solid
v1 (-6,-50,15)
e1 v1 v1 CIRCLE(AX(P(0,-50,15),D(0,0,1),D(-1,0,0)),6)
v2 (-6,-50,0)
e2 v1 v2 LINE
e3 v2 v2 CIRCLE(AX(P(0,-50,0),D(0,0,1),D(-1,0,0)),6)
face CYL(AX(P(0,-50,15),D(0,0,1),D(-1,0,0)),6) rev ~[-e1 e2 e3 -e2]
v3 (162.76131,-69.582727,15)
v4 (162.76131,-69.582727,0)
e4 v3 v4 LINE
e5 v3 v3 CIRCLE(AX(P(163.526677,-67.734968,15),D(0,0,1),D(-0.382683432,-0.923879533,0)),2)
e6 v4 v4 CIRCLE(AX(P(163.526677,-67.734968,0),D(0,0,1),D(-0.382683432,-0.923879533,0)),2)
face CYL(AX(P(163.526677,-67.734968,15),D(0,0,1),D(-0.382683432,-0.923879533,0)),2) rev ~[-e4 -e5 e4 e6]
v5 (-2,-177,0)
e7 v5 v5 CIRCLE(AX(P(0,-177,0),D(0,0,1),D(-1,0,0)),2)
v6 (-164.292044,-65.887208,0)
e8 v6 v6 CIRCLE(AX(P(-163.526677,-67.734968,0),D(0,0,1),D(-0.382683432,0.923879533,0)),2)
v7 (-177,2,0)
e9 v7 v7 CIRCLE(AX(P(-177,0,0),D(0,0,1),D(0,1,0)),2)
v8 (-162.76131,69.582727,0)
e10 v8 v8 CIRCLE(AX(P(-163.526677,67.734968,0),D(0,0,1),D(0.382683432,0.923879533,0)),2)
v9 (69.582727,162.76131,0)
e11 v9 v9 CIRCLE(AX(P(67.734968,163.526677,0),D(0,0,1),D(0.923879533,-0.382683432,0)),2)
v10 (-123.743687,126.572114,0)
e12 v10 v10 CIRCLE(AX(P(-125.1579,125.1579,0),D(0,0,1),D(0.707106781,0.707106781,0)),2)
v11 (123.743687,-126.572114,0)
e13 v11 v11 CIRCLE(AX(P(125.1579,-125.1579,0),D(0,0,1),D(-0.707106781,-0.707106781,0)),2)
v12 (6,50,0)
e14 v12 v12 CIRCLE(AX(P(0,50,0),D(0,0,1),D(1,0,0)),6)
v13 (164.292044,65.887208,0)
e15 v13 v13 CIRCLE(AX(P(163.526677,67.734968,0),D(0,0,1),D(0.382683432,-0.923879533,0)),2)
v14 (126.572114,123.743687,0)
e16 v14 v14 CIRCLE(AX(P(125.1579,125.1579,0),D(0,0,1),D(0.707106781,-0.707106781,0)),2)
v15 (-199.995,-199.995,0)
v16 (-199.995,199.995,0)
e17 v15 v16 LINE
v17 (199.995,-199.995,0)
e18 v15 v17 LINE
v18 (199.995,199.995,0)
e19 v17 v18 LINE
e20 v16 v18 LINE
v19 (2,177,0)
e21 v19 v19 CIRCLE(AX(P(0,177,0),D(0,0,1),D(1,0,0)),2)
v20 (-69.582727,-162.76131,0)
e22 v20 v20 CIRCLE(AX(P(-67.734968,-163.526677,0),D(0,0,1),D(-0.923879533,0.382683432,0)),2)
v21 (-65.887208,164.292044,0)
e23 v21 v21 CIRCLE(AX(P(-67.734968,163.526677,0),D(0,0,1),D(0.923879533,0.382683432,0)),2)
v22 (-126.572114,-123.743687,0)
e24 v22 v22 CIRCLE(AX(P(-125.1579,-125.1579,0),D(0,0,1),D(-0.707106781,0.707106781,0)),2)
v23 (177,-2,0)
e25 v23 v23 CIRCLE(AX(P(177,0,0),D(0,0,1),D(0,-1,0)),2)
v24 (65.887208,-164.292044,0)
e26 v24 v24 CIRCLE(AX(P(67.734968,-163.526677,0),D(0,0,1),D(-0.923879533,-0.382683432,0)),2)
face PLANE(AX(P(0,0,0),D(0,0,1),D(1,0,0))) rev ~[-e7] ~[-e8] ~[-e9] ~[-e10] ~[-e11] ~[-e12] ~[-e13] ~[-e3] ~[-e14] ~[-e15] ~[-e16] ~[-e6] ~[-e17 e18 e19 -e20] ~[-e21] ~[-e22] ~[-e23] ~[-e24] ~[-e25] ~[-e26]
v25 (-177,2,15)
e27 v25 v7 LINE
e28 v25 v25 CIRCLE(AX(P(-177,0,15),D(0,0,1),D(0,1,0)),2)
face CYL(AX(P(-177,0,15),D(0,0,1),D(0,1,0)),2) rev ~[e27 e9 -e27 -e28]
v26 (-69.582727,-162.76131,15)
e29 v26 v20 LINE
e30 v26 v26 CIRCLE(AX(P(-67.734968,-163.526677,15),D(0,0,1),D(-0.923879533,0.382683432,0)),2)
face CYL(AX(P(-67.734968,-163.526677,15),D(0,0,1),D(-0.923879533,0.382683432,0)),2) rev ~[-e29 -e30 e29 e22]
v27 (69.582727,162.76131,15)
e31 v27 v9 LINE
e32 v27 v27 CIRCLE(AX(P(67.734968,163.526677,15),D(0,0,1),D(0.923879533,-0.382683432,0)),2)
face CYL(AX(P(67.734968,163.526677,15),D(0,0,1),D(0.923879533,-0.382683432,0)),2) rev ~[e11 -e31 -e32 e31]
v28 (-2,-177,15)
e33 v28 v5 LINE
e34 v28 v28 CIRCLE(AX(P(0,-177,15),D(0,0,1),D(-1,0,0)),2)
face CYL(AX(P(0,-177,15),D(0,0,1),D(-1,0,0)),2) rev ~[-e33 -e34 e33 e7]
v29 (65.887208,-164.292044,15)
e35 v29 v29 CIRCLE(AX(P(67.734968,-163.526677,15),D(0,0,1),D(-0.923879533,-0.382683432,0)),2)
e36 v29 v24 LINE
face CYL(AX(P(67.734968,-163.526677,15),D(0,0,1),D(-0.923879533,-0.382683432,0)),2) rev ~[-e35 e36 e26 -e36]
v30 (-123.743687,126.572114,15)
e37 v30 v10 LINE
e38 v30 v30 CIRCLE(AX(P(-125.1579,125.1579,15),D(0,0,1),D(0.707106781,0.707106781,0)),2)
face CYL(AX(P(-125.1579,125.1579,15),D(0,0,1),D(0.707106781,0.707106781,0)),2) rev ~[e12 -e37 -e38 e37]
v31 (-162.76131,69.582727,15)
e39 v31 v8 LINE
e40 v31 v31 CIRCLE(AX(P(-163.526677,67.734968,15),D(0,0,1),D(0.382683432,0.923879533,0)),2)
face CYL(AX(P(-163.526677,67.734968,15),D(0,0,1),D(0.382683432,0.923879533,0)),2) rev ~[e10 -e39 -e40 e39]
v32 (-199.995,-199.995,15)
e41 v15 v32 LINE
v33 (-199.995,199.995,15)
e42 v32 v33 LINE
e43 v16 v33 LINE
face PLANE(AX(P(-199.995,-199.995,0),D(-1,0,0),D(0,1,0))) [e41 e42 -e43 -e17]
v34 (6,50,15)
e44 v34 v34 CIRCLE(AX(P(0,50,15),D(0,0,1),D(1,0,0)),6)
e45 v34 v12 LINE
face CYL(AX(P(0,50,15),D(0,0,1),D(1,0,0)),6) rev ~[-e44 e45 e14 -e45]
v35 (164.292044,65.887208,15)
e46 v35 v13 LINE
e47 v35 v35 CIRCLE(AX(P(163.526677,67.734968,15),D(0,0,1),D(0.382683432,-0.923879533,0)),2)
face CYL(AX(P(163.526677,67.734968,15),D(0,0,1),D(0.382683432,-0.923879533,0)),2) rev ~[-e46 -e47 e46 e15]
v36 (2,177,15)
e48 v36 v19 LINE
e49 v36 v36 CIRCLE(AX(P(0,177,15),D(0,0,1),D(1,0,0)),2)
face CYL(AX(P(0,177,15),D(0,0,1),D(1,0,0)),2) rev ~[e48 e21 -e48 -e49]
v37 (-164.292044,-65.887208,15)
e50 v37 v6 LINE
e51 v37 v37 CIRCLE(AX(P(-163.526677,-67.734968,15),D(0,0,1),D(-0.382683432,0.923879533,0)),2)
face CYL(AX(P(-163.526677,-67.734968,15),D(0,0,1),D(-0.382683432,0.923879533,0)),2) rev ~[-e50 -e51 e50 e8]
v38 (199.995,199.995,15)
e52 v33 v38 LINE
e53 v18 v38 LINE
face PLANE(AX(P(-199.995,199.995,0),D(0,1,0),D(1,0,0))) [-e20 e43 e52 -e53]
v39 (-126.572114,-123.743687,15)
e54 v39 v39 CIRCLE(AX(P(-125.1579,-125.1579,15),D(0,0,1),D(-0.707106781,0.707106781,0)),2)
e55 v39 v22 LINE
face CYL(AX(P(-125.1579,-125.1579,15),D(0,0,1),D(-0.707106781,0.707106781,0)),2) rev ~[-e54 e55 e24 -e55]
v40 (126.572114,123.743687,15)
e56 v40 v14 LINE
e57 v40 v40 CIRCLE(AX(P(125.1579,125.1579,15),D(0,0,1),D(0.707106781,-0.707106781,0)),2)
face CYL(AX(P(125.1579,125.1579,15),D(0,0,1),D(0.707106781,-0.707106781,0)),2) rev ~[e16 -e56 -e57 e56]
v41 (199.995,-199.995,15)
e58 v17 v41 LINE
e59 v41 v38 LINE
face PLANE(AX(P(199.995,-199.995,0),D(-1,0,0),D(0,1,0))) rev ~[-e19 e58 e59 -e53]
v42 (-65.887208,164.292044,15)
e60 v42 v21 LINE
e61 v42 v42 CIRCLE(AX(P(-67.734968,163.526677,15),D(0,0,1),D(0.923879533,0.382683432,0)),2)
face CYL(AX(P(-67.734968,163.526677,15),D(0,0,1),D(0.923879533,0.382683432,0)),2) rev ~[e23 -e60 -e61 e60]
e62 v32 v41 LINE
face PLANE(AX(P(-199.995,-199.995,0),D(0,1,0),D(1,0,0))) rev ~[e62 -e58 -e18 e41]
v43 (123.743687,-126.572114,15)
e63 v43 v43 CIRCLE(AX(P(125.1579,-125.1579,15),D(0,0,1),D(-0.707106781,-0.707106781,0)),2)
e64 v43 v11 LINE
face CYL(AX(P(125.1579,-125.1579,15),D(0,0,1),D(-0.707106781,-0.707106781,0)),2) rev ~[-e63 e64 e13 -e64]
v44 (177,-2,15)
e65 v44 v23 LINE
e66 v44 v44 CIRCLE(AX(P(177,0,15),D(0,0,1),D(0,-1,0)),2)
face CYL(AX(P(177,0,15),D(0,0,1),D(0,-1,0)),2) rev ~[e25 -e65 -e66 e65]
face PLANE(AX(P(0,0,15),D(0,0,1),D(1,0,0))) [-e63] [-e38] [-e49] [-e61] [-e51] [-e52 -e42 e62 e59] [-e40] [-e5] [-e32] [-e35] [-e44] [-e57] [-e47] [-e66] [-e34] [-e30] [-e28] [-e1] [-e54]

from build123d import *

# Parameters (mm, degrees)
SKETCH_W              = 399.99
SKETCH_H              = 399.99
PAD_DEPTH             = 15
SKETCH001_R           = 6
POCKET_DEPTH          = 1146.741253
SKETCH002_R           = 2
POCKET001_DEPTH       = 1146.741253
POLARPATTERN_COUNT    = 16
POLARPATTERN001_COUNT = 2


with BuildPart() as part:
    # Sketch → Pad (new body)
    with BuildSketch(Plane.XY):
        Rectangle(SKETCH_W, SKETCH_H)
    extrude(amount=PAD_DEPTH)

    # Sketch001 (on Face6 of Pad) → Pocket (cut, through all)
    with BuildSketch(Plane.XY.offset(15)):
        with Locations((0, 50)):
            Circle(SKETCH001_R)
    pocket = extrude(amount=-POCKET_DEPTH, mode=Mode.SUBTRACT)

    # Sketch002 (on Face5 of Pocket) → Pocket001 (cut, through all)
    with BuildSketch(Plane.XY.offset(15)):
        with Locations((0, 177)):
            Circle(SKETCH002_R)
    pocket001 = extrude(amount=-POCKET001_DEPTH, mode=Mode.SUBTRACT)

    # PolarPattern: Pocket001 ×16 about axis
    polarpattern_axis = Axis((0, 0, 15), (0, 0, 1))
    for i in range(1, POLARPATTERN_COUNT):
        add(pocket001.rotate(polarpattern_axis, i * 360 / POLARPATTERN_COUNT), mode=Mode.SUBTRACT)

    # PolarPattern001: Pocket ×2 about axis
    polarpattern001_axis = Axis((0, 0, 15), (0, 0, 1))
    for i in range(1, POLARPATTERN001_COUNT):
        add(pocket.rotate(polarpattern001_axis, i * 360 / POLARPATTERN001_COUNT), mode=Mode.SUBTRACT)


solid = part.part
